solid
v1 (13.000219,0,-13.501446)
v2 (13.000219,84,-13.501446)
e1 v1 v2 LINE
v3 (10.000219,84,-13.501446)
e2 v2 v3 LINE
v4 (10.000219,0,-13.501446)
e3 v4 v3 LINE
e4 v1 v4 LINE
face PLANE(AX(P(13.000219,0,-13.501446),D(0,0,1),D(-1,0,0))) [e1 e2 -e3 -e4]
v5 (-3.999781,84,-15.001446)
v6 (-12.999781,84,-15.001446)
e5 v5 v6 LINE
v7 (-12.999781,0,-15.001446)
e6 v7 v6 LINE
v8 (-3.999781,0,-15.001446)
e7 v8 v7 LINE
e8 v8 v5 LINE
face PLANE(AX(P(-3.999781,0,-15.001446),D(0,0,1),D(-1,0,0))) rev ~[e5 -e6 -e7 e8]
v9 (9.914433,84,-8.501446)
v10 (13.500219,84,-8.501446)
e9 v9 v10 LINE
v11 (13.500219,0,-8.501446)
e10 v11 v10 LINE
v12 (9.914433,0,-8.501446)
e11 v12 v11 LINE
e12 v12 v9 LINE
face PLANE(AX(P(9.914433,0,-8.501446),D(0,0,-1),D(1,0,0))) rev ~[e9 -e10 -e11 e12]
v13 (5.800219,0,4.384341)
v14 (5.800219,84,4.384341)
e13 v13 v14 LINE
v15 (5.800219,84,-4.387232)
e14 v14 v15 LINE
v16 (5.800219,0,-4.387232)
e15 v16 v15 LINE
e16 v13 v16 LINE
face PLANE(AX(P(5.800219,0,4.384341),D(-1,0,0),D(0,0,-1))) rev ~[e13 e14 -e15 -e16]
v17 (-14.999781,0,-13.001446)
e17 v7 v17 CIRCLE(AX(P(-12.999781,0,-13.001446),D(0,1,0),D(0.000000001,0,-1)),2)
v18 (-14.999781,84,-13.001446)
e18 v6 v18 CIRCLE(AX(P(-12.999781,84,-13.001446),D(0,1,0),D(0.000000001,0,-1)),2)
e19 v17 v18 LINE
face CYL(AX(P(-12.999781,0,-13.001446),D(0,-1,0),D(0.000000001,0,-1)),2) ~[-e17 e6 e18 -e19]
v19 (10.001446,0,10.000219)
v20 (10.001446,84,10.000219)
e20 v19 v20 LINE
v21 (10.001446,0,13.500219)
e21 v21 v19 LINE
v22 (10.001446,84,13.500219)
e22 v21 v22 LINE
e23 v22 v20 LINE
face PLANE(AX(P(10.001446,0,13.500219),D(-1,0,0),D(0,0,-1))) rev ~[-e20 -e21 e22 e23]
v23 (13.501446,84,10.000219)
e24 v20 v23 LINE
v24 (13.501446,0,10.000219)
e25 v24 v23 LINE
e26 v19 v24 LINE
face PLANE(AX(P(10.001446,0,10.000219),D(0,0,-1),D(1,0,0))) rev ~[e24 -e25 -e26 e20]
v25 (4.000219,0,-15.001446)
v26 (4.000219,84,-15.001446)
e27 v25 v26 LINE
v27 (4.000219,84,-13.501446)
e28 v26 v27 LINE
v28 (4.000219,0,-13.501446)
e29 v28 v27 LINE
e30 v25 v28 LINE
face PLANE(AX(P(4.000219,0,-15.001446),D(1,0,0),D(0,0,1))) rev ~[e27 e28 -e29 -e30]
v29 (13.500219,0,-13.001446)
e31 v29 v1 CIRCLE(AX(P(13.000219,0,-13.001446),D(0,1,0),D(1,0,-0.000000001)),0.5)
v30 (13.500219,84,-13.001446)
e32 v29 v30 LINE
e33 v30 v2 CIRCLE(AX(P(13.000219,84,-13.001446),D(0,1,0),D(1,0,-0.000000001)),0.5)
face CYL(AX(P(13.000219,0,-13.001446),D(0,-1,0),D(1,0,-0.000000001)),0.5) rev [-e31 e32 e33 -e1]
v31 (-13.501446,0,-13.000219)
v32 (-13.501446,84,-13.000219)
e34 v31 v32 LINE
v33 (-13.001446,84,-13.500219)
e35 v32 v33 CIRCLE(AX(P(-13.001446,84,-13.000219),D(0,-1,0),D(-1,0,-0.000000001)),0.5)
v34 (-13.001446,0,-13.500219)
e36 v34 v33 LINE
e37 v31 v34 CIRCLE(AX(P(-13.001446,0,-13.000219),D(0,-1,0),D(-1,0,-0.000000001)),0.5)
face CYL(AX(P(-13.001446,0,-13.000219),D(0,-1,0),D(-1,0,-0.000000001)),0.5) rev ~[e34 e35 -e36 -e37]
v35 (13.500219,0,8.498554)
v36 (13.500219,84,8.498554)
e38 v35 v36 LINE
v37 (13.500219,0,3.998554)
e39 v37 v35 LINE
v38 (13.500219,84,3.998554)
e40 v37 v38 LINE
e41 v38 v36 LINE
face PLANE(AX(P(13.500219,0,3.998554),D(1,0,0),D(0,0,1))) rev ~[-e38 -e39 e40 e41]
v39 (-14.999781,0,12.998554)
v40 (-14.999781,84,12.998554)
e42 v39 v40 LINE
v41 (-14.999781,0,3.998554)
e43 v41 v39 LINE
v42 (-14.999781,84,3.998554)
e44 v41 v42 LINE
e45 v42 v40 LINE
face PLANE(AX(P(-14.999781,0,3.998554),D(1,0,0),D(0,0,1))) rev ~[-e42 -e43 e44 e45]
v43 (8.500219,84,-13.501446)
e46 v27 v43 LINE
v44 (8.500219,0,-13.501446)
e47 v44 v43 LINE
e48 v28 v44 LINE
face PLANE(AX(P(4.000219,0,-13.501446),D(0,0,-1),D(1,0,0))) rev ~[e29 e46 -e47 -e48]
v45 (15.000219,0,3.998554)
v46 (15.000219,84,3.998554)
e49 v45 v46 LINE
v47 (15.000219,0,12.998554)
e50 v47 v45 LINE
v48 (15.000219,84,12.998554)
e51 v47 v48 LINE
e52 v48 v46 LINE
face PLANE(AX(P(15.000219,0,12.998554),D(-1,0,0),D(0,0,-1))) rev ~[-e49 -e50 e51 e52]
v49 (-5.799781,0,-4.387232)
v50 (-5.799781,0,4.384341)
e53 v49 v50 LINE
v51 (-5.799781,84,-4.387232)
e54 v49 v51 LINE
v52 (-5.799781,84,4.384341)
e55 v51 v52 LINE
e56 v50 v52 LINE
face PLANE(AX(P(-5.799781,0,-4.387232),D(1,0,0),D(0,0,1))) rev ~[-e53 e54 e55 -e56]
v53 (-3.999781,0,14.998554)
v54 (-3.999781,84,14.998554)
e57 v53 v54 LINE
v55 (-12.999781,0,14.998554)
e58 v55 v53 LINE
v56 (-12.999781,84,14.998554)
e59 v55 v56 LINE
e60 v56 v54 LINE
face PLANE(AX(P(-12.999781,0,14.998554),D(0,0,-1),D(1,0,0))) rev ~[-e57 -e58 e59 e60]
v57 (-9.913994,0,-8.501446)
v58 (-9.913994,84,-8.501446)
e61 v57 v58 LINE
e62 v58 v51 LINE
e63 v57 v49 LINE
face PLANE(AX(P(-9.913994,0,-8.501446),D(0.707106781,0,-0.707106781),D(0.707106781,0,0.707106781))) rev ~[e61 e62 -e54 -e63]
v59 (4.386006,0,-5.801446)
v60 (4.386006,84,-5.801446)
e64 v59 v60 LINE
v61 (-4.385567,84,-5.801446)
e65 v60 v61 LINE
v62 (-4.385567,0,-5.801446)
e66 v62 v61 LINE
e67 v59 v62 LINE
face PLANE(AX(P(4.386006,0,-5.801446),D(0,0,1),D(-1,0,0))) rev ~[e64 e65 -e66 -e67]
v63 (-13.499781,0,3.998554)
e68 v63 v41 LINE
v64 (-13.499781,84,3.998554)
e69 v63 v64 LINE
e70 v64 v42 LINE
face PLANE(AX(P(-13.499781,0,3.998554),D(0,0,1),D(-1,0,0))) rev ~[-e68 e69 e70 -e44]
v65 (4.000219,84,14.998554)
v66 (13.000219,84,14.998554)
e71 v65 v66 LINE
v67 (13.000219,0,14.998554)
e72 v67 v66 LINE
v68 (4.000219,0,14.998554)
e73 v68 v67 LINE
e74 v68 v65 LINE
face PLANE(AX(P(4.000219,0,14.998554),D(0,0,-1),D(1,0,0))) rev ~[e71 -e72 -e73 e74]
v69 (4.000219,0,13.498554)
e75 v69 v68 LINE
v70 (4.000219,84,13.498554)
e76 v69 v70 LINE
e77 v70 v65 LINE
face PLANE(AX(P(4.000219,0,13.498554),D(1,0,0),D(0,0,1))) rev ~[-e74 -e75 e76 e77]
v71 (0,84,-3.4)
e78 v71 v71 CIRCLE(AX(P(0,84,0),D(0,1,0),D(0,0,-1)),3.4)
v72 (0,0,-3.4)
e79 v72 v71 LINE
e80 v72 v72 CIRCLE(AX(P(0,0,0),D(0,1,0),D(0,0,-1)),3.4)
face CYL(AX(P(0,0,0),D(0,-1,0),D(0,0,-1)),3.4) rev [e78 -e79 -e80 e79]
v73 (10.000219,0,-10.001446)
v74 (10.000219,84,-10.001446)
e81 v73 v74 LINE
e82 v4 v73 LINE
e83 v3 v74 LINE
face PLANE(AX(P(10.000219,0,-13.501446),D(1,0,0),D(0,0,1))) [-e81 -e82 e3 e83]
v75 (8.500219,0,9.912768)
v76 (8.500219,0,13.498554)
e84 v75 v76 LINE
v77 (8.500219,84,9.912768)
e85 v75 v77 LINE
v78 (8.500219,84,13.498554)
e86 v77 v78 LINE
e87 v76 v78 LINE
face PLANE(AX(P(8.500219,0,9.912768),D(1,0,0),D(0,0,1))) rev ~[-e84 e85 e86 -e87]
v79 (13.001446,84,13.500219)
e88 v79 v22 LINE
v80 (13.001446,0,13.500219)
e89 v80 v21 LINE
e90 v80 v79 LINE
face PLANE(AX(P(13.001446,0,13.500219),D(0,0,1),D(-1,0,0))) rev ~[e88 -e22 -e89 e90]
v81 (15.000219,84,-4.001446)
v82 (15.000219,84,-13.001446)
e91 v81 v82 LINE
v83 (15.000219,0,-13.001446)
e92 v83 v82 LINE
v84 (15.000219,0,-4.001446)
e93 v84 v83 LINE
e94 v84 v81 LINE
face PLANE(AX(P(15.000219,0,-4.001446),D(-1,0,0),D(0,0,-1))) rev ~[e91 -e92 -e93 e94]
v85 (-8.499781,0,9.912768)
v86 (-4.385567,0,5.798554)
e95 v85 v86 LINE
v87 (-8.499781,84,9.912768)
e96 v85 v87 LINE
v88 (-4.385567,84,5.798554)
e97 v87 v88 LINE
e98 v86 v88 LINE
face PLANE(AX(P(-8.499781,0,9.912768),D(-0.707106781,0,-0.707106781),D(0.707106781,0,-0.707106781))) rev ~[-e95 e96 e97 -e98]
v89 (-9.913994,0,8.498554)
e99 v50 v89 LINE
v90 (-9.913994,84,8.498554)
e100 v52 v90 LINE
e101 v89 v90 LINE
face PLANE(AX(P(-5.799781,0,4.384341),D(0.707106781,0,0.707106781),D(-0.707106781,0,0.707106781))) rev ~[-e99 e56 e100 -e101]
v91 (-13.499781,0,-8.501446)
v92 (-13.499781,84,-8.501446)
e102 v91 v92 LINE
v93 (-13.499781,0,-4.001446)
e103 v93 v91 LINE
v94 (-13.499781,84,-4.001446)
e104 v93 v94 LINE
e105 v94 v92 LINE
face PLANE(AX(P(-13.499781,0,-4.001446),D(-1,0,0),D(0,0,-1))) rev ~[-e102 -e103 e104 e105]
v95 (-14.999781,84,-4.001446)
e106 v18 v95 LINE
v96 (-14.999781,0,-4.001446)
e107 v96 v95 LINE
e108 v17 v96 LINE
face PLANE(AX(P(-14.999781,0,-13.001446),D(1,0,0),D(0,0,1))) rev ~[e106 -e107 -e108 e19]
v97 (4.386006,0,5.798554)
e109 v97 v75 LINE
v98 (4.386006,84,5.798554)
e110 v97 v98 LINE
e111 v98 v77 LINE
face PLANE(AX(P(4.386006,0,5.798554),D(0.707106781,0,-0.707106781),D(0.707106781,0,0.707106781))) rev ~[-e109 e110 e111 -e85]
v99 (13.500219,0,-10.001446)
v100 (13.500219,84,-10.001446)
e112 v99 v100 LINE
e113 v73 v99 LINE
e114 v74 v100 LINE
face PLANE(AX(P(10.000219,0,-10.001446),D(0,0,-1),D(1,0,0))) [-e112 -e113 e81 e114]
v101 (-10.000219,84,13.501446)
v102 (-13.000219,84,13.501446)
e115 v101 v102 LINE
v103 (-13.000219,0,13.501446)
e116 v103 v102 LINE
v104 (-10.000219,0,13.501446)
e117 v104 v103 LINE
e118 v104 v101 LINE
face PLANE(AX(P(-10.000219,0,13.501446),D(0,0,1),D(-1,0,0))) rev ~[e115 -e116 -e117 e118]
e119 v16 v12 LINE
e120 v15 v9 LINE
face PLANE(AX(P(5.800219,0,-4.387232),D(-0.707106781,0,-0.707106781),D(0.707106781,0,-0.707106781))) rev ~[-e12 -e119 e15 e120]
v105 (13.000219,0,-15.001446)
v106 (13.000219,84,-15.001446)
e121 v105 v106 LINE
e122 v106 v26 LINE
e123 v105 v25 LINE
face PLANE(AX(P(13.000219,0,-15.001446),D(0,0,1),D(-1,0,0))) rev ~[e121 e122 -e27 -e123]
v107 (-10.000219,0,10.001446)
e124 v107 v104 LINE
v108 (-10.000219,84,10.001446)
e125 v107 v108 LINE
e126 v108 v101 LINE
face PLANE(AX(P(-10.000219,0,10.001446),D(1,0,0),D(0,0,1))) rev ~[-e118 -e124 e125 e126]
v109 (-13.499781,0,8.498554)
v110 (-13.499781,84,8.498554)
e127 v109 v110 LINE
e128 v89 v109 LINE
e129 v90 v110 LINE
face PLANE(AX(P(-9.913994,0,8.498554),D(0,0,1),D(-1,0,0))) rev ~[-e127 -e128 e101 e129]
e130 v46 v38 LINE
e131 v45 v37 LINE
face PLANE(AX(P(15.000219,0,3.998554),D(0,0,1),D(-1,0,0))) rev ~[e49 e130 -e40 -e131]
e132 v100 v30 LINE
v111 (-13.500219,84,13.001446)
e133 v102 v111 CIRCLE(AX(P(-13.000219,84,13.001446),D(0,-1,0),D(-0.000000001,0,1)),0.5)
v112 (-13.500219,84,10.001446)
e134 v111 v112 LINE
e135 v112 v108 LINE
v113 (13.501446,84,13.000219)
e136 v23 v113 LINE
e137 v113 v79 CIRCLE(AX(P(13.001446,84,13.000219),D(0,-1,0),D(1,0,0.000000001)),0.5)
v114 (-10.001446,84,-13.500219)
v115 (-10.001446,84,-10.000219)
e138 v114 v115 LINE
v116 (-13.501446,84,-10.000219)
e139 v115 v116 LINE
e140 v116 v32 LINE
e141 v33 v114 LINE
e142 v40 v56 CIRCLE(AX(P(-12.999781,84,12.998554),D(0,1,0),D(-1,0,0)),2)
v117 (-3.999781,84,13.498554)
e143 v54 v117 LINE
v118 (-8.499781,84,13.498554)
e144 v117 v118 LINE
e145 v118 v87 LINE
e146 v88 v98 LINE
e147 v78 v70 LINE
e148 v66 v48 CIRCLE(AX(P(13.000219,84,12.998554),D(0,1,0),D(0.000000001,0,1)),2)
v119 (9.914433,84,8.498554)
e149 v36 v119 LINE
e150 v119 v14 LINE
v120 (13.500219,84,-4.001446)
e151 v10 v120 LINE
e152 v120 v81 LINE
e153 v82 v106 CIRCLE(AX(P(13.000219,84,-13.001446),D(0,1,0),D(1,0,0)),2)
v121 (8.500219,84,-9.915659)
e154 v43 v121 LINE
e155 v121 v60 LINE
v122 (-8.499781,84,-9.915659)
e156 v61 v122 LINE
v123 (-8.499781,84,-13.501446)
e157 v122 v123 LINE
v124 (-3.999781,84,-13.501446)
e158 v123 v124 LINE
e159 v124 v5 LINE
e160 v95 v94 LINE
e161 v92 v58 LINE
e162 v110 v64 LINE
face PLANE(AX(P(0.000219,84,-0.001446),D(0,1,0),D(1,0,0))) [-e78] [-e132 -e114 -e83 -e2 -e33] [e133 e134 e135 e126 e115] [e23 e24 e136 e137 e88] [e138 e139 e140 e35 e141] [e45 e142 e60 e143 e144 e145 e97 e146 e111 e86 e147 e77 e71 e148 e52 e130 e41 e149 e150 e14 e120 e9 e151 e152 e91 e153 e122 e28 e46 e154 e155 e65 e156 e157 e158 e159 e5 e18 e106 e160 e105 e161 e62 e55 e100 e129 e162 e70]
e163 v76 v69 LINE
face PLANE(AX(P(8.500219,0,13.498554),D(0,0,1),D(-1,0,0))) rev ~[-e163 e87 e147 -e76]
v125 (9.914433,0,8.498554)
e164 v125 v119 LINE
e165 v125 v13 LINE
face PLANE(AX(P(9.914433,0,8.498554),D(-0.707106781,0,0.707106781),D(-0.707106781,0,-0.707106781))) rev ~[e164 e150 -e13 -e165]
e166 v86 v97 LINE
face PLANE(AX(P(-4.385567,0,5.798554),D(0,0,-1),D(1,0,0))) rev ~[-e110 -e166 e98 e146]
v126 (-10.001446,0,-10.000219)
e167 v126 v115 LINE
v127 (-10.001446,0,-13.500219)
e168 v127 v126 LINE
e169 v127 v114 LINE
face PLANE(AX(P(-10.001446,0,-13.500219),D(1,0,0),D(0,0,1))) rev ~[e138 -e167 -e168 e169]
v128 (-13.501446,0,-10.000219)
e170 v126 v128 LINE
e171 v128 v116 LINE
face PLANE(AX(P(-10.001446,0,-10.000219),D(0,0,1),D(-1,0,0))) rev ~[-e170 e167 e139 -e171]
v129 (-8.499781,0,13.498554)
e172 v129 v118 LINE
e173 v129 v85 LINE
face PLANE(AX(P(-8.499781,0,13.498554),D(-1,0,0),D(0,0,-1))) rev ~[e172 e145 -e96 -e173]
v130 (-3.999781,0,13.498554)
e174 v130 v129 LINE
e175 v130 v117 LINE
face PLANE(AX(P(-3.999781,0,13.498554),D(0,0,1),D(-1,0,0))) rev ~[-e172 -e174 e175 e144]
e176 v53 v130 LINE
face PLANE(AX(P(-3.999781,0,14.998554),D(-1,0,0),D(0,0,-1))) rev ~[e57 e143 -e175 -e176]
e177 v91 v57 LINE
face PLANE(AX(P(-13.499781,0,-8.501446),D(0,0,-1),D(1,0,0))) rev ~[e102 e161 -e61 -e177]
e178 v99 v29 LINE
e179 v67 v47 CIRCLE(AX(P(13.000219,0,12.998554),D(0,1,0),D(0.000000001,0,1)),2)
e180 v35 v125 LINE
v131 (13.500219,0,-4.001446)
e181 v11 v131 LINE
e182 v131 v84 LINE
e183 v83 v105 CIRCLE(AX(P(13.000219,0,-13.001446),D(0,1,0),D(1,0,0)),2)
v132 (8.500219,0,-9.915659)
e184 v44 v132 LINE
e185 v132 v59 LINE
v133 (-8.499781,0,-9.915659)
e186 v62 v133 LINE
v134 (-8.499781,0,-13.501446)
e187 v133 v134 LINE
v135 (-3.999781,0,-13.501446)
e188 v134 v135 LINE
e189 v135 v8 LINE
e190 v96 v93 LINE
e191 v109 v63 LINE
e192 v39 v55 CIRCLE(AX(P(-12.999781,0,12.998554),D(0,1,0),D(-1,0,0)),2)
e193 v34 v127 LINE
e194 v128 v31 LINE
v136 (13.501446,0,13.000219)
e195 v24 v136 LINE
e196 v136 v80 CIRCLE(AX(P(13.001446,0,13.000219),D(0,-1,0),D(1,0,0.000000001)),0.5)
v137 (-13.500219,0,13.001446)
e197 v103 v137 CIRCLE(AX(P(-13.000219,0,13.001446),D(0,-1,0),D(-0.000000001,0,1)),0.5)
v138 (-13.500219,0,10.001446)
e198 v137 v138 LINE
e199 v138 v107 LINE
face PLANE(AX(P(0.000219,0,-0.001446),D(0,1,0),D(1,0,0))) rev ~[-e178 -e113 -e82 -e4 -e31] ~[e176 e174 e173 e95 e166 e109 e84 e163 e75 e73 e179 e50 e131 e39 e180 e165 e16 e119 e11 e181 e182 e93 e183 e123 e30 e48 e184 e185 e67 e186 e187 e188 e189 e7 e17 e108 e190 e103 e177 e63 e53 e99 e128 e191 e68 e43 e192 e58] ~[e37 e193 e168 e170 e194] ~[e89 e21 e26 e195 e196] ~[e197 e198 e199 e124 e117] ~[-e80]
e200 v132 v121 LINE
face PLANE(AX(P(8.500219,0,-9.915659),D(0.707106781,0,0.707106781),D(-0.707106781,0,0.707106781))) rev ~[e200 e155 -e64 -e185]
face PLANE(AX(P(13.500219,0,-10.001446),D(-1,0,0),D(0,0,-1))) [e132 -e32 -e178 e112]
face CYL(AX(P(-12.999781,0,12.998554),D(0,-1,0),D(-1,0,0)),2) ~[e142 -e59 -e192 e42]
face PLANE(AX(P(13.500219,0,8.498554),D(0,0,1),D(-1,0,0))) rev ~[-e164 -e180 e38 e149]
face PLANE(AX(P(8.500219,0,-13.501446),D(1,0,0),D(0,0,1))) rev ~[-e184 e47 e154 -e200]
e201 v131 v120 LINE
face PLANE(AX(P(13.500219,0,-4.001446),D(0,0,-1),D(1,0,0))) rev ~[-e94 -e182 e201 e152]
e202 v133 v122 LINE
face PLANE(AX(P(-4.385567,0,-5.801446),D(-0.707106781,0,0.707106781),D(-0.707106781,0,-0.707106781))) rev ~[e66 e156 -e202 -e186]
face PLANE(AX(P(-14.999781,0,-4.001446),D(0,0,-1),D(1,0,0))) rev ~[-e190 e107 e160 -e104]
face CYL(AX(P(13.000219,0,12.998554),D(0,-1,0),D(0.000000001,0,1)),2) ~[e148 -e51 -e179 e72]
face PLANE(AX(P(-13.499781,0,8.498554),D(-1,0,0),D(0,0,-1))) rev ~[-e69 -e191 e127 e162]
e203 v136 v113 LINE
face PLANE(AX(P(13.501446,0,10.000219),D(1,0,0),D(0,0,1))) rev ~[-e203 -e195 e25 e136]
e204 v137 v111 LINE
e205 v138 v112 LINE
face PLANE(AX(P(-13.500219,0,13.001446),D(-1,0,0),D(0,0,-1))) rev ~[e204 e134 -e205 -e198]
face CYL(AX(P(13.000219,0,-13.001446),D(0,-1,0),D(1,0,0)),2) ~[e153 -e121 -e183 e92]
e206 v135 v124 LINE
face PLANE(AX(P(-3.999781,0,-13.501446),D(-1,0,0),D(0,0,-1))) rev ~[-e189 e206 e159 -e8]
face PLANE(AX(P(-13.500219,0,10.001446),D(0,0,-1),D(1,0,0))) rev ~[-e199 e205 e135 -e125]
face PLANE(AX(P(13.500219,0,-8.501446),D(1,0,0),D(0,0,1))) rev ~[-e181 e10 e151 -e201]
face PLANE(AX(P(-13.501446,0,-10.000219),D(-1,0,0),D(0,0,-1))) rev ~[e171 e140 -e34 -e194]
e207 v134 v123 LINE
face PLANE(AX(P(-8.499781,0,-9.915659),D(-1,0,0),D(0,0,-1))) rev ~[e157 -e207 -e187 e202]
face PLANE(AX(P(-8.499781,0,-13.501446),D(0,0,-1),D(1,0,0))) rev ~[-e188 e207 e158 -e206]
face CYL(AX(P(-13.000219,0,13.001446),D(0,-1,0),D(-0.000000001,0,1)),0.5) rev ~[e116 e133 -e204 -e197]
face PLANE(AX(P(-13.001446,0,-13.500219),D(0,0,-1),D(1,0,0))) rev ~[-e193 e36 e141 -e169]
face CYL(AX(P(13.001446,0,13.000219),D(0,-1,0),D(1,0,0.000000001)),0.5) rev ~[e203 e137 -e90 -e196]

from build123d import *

# Parameters (mm, degrees)
SZKIC2_R                    = 3.4
DODANIE_WYCI_GNI_CIE1_DEPTH = 84


with BuildPart() as part:
    # Szkic2 → Dodanie-wyciągnięcie1 (new body)
    with BuildSketch(Plane(origin=(0, 0, 0), x_dir=(1, 0, 0), z_dir=(0, 1, 0))):
        with BuildLine():
            Line((15.000219073, 4.001445911), (15.000219073, 13.001445911))
            ThreePointArc((15.000219073, 13.001445911), (14.414432635, 14.415659474), (13.000219073, 15.001445911))
            Line((13.000219073, 15.001445911), (4.000219073, 15.001445911))
            Line((4.000219073, 15.001445911), (4.000219073, 13.501445911))
            Line((4.000219073, 13.501445911), (8.500219073, 13.501445911))
            Line((8.500219073, 13.501445911), (8.500219073, 9.915659474))
            Line((8.500219073, 9.915659474), (4.38600551, 5.801445911))
            Line((4.38600551, 5.801445911), (-4.385567365, 5.801445911))
            Line((-4.385567365, 5.801445911), (-8.499780927, 9.915659474))
            Line((-8.499780927, 9.915659474), (-8.499780927, 13.501445911))
            Line((-8.499780927, 13.501445911), (-3.999780927, 13.501445911))
            Line((-3.999780927, 13.501445911), (-3.999780927, 15.001445911))
            Line((-3.999780927, 15.001445911), (-12.999780927, 15.001445911))
            ThreePointArc((-12.999780927, 15.001445911), (-14.41399449, 14.415659474), (-14.999780927, 13.001445911))
            Line((-14.999780927, 13.001445911), (-14.999780927, 4.001445911))
            Line((-14.999780927, 4.001445911), (-13.499780927, 4.001445911))
            Line((-13.499780927, 4.001445911), (-13.499780927, 8.501445911))
            Line((-13.499780927, 8.501445911), (-9.91399449, 8.501445911))
            Line((-9.91399449, 8.501445911), (-5.799780927, 4.387232349))
            Line((-5.799780927, 4.387232349), (-5.799780927, -4.384340526))
            Line((-5.799780927, -4.384340526), (-9.91399449, -8.498554089))
            Line((-9.91399449, -8.498554089), (-13.499780927, -8.498554089))
            Line((-13.499780927, -8.498554089), (-13.499780927, -3.998554089))
            Line((-13.499780927, -3.998554089), (-14.999780927, -3.998554089))
            Line((-14.999780927, -3.998554089), (-14.999780927, -12.998554089))
            ThreePointArc((-14.999780927, -12.998554089), (-14.41399449, -14.412767651), (-12.999780927, -14.998554089))
            Line((-12.999780927, -14.998554089), (-3.999780927, -14.998554089))
            Line((-3.999780927, -14.998554089), (-3.999780927, -13.498554089))
            Line((-3.999780927, -13.498554089), (-8.499780927, -13.498554089))
            Line((-8.499780927, -13.498554089), (-8.499780927, -9.912767651))
            Line((-8.499780927, -9.912767651), (-4.385567365, -5.798554089))
            Line((-4.385567365, -5.798554089), (4.38600551, -5.798554089))
            Line((4.38600551, -5.798554089), (8.500219073, -9.912767651))
            Line((8.500219073, -9.912767651), (8.500219073, -13.498554089))
            Line((8.500219073, -13.498554089), (4.000219073, -13.498554089))
            Line((4.000219073, -13.498554089), (4.000219073, -14.998554089))
            Line((4.000219073, -14.998554089), (13.000219073, -14.998554089))
            ThreePointArc((13.000219073, -14.998554089), (14.414432635, -14.412767651), (15.000219073, -12.998554089))
            Line((15.000219073, -12.998554089), (15.000219073, -3.998554089))
            Line((15.000219073, -3.998554089), (13.500219073, -3.998554089))
            Line((13.500219073, -3.998554089), (13.500219073, -8.498554089))
            Line((13.500219073, -8.498554089), (9.914432635, -8.498554089))
            Line((9.914432635, -8.498554089), (5.800219073, -4.384340526))
            Line((5.800219073, -4.384340526), (5.800219073, 4.387232349))
            Line((5.800219073, 4.387232349), (9.914432635, 8.501445911))
            Line((9.914432635, 8.501445911), (13.500219073, 8.501445911))
            Line((13.500219073, 8.501445911), (13.500219073, 4.001445911))
            Line((13.500219073, 4.001445911), (15.000219073, 4.001445911))
        make_face()
        with Locations(Location((0, 0, 0), (0, 0, 90))):
            Circle(SZKIC2_R, mode=Mode.SUBTRACT)
        with BuildLine():
            Line((10.001445911, -10.000219073), (13.501445911, -10.000219073))
            Line((13.501445911, -10.000219073), (13.501445911, -13.000219073))
            ThreePointArc((13.501445911, -13.000219073), (13.354999302, -13.353772463), (13.001445911, -13.500219073))
            Line((13.001445911, -13.500219073), (10.001445911, -13.500219073))
            Line((10.001445911, -13.500219073), (10.001445911, -10.000219073))
        make_face(mode=Mode.SUBTRACT)
        with BuildLine():
            Line((10.000219073, 10.001445911), (13.500219073, 10.001445911))
            Line((13.500219073, 10.001445911), (13.500219073, 13.001445911))
            ThreePointArc((13.500219073, 13.001445911), (13.353772463, 13.354999302), (13.000219073, 13.501445911))
            Line((13.000219073, 13.501445911), (10.000219073, 13.501445911))
            Line((10.000219073, 13.501445911), (10.000219073, 10.001445911))
        make_face(mode=Mode.SUBTRACT)
        with BuildLine():
            Line((-10.000219073, -10.001445911), (-10.000219073, -13.501445911))
            Line((-10.000219073, -13.501445911), (-13.000219073, -13.501445911))
            ThreePointArc((-13.000219073, -13.501445911), (-13.353772463, -13.354999302), (-13.500219073, -13.001445911))
            Line((-13.500219073, -13.001445911), (-13.500219073, -10.001445911))
            Line((-13.500219073, -10.001445911), (-10.000219073, -10.001445911))
        make_face(mode=Mode.SUBTRACT)
        with BuildLine():
            Line((-10.001445911, 10.000219073), (-13.501445911, 10.000219073))
            Line((-13.501445911, 10.000219073), (-13.501445911, 13.000219073))
            ThreePointArc((-13.501445911, 13.000219073), (-13.354999302, 13.353772463), (-13.001445911, 13.500219073))
            Line((-13.001445911, 13.500219073), (-10.001445911, 13.500219073))
            Line((-10.001445911, 13.500219073), (-10.001445911, 10.000219073))
        make_face(mode=Mode.SUBTRACT)
    extrude(amount=DODANIE_WYCI_GNI_CIE1_DEPTH)


solid = part.part
